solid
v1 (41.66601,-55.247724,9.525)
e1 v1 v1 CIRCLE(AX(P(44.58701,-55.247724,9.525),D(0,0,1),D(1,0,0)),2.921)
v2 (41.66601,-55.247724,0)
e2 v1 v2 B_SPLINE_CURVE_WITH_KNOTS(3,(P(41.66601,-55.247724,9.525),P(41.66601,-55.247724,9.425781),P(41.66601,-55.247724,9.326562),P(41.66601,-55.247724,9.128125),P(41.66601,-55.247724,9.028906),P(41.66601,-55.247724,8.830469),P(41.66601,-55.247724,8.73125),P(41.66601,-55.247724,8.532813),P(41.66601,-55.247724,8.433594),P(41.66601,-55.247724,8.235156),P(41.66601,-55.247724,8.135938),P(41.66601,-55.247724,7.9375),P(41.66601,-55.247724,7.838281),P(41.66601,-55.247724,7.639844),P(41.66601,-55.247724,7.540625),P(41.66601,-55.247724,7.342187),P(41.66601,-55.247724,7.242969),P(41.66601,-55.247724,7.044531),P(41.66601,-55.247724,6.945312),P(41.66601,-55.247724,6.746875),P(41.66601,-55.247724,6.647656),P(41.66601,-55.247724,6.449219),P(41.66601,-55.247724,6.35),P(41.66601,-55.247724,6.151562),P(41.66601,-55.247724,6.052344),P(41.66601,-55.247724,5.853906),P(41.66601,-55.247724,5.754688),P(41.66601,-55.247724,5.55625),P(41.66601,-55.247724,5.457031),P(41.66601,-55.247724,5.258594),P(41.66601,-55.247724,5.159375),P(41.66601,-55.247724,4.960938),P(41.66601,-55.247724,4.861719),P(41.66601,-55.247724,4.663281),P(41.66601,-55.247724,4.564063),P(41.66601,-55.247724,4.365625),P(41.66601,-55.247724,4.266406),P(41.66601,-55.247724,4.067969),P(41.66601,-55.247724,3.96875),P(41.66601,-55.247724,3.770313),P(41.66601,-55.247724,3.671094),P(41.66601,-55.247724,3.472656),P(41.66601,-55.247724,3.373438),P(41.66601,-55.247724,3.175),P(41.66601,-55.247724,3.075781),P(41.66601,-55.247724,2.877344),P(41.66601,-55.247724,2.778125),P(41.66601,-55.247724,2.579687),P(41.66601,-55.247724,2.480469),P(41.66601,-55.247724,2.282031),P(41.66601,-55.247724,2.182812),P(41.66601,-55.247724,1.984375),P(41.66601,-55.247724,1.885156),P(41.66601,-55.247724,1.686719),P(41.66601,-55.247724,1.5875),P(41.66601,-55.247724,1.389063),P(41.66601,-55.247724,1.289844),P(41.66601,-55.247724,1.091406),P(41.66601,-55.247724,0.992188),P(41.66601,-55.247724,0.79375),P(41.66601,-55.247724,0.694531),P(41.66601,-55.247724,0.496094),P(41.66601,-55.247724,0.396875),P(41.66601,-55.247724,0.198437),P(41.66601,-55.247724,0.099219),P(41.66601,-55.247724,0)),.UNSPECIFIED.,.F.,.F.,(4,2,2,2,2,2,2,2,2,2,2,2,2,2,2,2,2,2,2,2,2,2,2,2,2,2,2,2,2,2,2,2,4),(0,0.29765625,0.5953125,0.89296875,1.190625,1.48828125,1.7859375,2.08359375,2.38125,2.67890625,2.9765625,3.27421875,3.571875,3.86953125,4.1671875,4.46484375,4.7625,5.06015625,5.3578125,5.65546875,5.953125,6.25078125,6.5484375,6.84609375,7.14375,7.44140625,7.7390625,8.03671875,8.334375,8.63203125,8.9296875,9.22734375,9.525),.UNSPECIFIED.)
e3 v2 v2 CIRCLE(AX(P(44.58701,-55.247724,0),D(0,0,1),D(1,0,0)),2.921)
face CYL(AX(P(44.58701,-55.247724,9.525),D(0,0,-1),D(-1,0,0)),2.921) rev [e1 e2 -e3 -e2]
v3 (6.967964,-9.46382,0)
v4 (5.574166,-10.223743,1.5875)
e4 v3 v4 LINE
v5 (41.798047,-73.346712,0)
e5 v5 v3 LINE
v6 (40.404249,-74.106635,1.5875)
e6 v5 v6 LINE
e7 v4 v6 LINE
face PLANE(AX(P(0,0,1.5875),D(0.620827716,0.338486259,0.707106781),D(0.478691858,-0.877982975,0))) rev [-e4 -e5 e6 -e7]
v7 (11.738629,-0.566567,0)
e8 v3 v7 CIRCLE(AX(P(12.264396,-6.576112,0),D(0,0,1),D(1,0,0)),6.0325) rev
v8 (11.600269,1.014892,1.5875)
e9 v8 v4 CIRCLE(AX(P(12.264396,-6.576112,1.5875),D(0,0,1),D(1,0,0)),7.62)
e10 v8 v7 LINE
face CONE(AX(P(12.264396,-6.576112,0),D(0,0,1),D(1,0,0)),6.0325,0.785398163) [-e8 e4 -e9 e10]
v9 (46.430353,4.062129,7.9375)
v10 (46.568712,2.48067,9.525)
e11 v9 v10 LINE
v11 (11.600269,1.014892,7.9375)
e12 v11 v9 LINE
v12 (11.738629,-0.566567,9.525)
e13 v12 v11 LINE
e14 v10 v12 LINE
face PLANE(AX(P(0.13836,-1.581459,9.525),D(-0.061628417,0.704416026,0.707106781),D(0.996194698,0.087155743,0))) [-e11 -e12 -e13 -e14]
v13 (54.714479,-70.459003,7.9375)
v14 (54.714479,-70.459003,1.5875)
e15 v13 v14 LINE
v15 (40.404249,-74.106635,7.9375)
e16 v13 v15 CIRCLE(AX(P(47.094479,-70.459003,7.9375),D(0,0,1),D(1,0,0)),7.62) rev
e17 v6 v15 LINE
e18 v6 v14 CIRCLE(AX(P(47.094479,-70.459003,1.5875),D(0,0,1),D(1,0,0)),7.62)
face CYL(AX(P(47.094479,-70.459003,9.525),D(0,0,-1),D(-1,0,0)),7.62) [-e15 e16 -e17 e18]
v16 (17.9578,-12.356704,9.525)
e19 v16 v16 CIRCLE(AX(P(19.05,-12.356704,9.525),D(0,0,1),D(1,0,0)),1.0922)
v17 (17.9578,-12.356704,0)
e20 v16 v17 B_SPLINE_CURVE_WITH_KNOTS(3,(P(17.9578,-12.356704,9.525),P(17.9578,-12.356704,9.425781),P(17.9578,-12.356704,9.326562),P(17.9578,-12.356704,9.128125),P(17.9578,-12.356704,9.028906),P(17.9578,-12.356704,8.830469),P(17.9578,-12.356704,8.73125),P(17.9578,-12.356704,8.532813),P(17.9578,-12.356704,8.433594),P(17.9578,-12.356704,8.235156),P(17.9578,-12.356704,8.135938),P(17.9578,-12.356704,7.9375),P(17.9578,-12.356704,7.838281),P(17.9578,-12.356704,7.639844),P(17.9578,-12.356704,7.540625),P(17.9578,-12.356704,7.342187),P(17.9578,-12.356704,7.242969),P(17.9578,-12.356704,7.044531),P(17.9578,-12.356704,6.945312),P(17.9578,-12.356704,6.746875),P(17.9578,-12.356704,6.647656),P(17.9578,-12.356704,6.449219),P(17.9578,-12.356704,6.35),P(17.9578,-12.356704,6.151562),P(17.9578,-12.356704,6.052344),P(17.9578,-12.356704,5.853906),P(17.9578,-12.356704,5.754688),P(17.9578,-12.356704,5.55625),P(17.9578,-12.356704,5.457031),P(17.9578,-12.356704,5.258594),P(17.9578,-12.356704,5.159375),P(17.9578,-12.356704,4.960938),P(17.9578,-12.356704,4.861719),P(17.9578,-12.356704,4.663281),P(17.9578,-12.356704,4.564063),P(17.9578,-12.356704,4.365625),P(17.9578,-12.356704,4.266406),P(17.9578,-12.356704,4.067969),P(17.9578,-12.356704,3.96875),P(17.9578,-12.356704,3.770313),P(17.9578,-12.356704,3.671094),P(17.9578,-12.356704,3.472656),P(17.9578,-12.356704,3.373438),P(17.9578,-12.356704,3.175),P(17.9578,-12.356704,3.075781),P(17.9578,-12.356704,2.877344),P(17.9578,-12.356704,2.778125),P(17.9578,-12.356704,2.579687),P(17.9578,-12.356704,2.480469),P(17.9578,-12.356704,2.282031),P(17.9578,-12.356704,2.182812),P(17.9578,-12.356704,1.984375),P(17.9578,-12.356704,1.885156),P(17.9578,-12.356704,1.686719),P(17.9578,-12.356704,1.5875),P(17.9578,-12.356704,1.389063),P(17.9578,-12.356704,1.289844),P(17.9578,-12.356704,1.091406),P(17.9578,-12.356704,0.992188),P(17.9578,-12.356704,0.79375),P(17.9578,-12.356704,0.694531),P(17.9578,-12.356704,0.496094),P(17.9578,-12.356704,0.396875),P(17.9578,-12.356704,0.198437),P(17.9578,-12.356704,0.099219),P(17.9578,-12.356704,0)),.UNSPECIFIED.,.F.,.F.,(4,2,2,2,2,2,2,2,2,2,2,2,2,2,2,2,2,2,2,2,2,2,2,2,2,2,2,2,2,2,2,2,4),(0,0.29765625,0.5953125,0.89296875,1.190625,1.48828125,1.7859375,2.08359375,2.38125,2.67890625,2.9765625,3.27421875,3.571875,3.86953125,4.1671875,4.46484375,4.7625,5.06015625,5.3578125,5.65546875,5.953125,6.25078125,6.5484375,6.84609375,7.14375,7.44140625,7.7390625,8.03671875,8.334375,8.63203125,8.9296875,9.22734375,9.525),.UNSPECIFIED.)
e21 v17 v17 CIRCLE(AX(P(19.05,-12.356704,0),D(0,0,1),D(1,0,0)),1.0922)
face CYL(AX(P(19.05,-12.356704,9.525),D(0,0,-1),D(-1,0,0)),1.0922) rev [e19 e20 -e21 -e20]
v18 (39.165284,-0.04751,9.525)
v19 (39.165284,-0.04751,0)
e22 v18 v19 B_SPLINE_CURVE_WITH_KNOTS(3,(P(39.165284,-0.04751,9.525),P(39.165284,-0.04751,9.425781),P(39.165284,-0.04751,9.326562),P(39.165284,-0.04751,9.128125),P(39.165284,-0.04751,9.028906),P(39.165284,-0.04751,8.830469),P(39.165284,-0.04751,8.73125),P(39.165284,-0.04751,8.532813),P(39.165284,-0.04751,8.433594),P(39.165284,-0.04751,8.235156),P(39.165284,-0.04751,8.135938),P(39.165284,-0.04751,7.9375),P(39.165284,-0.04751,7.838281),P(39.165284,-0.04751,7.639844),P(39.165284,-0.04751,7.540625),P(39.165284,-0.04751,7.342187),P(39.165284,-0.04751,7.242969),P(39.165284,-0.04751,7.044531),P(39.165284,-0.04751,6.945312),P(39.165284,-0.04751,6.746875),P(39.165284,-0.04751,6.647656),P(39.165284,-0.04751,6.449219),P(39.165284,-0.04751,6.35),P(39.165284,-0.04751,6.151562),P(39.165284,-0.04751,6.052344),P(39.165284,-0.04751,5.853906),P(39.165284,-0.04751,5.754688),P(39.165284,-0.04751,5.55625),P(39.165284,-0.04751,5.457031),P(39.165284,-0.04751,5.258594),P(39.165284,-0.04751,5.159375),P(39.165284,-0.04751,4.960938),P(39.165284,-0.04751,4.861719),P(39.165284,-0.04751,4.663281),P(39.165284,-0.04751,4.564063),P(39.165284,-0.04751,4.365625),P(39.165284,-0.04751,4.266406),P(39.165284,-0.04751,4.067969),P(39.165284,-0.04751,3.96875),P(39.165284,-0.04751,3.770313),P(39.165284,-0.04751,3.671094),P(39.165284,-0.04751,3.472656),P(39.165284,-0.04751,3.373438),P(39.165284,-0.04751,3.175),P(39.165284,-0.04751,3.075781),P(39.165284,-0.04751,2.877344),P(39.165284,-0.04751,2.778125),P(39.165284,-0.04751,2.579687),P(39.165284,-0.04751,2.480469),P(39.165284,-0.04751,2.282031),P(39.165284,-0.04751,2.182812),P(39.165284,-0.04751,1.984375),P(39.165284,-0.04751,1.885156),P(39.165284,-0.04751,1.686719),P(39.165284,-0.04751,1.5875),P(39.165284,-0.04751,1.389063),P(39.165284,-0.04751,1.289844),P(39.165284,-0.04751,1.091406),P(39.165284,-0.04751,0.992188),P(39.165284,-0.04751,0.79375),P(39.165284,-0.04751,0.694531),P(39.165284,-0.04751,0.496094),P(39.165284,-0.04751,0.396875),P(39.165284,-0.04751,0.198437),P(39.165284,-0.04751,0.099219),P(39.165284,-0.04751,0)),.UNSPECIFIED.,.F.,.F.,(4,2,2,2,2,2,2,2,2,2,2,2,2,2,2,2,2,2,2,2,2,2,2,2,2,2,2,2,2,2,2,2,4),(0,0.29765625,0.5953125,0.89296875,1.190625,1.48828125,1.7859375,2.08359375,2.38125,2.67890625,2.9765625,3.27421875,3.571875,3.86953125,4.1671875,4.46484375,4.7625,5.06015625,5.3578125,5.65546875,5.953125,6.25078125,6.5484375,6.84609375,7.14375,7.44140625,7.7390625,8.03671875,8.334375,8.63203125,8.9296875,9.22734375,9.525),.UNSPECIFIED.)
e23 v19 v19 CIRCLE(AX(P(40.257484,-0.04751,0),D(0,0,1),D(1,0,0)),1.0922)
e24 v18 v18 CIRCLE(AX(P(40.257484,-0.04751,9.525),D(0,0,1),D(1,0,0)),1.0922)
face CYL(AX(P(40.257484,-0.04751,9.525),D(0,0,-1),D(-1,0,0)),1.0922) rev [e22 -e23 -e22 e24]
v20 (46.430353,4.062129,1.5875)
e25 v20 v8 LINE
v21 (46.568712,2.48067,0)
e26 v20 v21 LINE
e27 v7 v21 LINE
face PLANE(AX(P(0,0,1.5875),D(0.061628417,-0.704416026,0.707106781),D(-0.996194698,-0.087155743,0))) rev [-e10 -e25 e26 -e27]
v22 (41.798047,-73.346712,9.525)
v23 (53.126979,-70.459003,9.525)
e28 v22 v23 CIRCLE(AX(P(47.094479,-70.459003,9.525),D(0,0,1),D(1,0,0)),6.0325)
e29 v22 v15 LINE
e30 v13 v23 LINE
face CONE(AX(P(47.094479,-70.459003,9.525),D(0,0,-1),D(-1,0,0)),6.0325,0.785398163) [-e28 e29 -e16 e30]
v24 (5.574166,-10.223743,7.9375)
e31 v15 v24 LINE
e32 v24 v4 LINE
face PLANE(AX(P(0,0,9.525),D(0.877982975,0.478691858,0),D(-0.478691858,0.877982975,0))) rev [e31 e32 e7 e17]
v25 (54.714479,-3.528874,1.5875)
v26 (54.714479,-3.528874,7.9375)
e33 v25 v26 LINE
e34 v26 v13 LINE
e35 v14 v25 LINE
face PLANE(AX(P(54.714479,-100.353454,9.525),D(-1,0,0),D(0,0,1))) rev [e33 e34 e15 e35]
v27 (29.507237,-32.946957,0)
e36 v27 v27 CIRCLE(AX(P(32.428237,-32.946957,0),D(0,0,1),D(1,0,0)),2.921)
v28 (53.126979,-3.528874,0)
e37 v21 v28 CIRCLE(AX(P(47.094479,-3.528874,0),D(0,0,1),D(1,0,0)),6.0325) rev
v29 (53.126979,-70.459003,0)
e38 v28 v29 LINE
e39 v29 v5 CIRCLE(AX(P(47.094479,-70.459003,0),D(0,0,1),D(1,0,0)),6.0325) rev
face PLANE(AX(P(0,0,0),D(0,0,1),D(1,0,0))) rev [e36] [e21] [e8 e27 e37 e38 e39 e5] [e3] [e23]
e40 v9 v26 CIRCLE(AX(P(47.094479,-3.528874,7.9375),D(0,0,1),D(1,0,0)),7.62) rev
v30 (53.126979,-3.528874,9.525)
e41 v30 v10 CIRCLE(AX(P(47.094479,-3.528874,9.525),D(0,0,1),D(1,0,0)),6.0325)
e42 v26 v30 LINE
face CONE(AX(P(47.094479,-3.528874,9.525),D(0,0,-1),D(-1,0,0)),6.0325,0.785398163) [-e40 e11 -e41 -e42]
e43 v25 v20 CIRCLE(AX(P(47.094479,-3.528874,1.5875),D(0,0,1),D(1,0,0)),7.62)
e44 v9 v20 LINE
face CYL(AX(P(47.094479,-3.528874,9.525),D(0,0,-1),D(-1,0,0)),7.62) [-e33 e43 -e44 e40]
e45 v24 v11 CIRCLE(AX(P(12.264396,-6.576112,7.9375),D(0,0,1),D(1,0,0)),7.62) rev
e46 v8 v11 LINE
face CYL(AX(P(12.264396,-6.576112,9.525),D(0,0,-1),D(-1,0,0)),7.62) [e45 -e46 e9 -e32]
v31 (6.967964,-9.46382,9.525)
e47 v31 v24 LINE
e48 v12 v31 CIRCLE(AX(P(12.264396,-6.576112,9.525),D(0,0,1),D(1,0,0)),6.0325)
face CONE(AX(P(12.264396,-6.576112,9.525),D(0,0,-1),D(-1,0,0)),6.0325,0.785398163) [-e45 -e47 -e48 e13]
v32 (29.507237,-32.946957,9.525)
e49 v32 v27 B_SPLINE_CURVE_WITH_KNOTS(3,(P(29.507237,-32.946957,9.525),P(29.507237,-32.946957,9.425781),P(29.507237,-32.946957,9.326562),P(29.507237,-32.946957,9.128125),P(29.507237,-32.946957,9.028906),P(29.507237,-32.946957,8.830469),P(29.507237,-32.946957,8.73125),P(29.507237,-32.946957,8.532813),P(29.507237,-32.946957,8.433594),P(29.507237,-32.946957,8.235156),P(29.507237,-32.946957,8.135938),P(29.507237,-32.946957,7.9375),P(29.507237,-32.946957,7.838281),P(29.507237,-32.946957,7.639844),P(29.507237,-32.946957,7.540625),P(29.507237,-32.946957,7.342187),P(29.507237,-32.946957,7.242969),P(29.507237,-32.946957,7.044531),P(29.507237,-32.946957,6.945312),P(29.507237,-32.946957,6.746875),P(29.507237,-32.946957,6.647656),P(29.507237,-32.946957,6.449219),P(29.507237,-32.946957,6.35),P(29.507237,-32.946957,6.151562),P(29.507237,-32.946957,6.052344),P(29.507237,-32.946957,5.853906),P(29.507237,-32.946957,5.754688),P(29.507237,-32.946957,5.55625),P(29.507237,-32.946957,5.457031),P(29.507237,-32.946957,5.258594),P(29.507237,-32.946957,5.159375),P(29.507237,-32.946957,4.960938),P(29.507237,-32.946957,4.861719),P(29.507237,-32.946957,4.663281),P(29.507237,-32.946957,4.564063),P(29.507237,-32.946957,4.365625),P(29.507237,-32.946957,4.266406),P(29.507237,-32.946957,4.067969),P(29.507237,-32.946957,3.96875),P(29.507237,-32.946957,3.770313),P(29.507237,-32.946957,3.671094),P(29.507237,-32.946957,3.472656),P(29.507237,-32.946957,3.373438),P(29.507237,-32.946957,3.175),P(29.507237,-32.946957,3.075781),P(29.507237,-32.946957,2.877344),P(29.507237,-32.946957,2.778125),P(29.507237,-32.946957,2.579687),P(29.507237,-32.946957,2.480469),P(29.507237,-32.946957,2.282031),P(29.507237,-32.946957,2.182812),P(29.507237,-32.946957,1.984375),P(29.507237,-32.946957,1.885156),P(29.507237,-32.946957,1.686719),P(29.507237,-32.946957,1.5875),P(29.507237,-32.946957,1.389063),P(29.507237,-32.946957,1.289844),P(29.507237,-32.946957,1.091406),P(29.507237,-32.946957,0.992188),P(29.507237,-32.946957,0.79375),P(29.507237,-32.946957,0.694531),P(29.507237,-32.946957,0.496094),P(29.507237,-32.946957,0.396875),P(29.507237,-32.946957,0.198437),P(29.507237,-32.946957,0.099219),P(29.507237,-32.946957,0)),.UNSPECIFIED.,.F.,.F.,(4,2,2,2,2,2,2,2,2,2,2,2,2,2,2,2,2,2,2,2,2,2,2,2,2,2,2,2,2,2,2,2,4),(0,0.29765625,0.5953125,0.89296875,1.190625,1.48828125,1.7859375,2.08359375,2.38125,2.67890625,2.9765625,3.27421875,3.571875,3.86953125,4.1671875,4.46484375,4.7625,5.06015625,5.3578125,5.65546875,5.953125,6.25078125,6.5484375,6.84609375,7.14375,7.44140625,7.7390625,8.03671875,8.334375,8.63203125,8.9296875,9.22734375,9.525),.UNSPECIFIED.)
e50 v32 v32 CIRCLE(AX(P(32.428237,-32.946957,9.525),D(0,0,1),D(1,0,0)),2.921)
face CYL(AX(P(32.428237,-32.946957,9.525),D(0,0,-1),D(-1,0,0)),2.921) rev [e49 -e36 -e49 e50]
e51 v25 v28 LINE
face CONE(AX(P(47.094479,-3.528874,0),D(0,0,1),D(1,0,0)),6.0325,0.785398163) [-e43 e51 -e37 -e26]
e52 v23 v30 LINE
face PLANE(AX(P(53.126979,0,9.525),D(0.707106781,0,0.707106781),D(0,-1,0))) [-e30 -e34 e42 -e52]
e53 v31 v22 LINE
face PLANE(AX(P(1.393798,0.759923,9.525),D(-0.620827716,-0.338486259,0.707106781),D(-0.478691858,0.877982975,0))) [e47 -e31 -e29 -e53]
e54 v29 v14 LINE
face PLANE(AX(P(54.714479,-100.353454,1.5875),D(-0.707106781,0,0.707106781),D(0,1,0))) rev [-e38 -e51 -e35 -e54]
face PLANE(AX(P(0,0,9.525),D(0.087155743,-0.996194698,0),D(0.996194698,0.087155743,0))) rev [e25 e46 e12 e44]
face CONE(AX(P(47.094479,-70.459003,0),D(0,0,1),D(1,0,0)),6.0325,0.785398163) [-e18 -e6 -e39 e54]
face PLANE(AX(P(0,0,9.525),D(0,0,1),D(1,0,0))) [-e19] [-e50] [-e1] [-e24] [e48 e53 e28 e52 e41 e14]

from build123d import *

# Parameters (mm, degrees)
SKETCH1_R           = 2.921
SKETCH1_R_2         = 1.0922
BOSS_EXTRUDE1_DEPTH = 9.525
FILLET1_R           = 7.62
CHAMFER1_SIZE       = 1.5875


with BuildPart() as part:
    # Sketch1 → Boss-Extrude1 (new body)
    with BuildSketch(Plane.XY):
        Polygon((0, 0), (54.714479363, -100.353454091), (54.714479363, 4.786896675), align=None)
        with Locations(Location((44.587010065, -55.247724238, 0), (0, 0, 180))):
            Circle(SKETCH1_R, mode=Mode.SUBTRACT)
        with Locations(Location((32.428236873, -32.946956662, 0), (0, 0, 180))):
            Circle(SKETCH1_R, mode=Mode.SUBTRACT)
        with Locations(Location((40.257483915, -0.047509878, 0), (0, 0, 180))):
            Circle(SKETCH1_R_2, mode=Mode.SUBTRACT)
        with Locations(Location((19.05, -12.35670409, 0), (0, 0, 180))):
            Circle(SKETCH1_R_2, mode=Mode.SUBTRACT)
    extrude(amount=BOSS_EXTRUDE1_DEPTH)

    # Fillet1
    fillet1_edges = [part.edges().sort_by_distance(p)[0] for p in [
        (54.714479363, 4.786896675, 4.7625),
        (54.714479363, -100.353454091, 4.7625),
        (0, 0, 4.7625),
    ]]
    fillet(fillet1_edges, radius=FILLET1_R)

    # Chamfer1
    chamfer1_edges = [part.edges().sort_by_distance(p)[0] for p in [
        (54.714479363, -36.993938617, 0),
        (54.714479363, -36.993938617, 9.525),
        (29.01531101, 2.538510782, 0),
        (22.989207497, -42.165189288, 0),
        (52.242476745, 2.089179203, 0),
        (5.548863872, -2.975274703, 0),
        (48.97661184, -77.842903003, 0),
        (22.989207497, -42.165189288, 9.525),
        (29.01531101, 2.538510782, 9.525),
        (52.242476745, 2.089179203, 9.525),
        (5.548863872, -2.975274703, 9.525),
        (48.97661184, -77.842903003, 9.525),
    ]]
    chamfer(chamfer1_edges, length=CHAMFER1_SIZE)


solid = part.part
